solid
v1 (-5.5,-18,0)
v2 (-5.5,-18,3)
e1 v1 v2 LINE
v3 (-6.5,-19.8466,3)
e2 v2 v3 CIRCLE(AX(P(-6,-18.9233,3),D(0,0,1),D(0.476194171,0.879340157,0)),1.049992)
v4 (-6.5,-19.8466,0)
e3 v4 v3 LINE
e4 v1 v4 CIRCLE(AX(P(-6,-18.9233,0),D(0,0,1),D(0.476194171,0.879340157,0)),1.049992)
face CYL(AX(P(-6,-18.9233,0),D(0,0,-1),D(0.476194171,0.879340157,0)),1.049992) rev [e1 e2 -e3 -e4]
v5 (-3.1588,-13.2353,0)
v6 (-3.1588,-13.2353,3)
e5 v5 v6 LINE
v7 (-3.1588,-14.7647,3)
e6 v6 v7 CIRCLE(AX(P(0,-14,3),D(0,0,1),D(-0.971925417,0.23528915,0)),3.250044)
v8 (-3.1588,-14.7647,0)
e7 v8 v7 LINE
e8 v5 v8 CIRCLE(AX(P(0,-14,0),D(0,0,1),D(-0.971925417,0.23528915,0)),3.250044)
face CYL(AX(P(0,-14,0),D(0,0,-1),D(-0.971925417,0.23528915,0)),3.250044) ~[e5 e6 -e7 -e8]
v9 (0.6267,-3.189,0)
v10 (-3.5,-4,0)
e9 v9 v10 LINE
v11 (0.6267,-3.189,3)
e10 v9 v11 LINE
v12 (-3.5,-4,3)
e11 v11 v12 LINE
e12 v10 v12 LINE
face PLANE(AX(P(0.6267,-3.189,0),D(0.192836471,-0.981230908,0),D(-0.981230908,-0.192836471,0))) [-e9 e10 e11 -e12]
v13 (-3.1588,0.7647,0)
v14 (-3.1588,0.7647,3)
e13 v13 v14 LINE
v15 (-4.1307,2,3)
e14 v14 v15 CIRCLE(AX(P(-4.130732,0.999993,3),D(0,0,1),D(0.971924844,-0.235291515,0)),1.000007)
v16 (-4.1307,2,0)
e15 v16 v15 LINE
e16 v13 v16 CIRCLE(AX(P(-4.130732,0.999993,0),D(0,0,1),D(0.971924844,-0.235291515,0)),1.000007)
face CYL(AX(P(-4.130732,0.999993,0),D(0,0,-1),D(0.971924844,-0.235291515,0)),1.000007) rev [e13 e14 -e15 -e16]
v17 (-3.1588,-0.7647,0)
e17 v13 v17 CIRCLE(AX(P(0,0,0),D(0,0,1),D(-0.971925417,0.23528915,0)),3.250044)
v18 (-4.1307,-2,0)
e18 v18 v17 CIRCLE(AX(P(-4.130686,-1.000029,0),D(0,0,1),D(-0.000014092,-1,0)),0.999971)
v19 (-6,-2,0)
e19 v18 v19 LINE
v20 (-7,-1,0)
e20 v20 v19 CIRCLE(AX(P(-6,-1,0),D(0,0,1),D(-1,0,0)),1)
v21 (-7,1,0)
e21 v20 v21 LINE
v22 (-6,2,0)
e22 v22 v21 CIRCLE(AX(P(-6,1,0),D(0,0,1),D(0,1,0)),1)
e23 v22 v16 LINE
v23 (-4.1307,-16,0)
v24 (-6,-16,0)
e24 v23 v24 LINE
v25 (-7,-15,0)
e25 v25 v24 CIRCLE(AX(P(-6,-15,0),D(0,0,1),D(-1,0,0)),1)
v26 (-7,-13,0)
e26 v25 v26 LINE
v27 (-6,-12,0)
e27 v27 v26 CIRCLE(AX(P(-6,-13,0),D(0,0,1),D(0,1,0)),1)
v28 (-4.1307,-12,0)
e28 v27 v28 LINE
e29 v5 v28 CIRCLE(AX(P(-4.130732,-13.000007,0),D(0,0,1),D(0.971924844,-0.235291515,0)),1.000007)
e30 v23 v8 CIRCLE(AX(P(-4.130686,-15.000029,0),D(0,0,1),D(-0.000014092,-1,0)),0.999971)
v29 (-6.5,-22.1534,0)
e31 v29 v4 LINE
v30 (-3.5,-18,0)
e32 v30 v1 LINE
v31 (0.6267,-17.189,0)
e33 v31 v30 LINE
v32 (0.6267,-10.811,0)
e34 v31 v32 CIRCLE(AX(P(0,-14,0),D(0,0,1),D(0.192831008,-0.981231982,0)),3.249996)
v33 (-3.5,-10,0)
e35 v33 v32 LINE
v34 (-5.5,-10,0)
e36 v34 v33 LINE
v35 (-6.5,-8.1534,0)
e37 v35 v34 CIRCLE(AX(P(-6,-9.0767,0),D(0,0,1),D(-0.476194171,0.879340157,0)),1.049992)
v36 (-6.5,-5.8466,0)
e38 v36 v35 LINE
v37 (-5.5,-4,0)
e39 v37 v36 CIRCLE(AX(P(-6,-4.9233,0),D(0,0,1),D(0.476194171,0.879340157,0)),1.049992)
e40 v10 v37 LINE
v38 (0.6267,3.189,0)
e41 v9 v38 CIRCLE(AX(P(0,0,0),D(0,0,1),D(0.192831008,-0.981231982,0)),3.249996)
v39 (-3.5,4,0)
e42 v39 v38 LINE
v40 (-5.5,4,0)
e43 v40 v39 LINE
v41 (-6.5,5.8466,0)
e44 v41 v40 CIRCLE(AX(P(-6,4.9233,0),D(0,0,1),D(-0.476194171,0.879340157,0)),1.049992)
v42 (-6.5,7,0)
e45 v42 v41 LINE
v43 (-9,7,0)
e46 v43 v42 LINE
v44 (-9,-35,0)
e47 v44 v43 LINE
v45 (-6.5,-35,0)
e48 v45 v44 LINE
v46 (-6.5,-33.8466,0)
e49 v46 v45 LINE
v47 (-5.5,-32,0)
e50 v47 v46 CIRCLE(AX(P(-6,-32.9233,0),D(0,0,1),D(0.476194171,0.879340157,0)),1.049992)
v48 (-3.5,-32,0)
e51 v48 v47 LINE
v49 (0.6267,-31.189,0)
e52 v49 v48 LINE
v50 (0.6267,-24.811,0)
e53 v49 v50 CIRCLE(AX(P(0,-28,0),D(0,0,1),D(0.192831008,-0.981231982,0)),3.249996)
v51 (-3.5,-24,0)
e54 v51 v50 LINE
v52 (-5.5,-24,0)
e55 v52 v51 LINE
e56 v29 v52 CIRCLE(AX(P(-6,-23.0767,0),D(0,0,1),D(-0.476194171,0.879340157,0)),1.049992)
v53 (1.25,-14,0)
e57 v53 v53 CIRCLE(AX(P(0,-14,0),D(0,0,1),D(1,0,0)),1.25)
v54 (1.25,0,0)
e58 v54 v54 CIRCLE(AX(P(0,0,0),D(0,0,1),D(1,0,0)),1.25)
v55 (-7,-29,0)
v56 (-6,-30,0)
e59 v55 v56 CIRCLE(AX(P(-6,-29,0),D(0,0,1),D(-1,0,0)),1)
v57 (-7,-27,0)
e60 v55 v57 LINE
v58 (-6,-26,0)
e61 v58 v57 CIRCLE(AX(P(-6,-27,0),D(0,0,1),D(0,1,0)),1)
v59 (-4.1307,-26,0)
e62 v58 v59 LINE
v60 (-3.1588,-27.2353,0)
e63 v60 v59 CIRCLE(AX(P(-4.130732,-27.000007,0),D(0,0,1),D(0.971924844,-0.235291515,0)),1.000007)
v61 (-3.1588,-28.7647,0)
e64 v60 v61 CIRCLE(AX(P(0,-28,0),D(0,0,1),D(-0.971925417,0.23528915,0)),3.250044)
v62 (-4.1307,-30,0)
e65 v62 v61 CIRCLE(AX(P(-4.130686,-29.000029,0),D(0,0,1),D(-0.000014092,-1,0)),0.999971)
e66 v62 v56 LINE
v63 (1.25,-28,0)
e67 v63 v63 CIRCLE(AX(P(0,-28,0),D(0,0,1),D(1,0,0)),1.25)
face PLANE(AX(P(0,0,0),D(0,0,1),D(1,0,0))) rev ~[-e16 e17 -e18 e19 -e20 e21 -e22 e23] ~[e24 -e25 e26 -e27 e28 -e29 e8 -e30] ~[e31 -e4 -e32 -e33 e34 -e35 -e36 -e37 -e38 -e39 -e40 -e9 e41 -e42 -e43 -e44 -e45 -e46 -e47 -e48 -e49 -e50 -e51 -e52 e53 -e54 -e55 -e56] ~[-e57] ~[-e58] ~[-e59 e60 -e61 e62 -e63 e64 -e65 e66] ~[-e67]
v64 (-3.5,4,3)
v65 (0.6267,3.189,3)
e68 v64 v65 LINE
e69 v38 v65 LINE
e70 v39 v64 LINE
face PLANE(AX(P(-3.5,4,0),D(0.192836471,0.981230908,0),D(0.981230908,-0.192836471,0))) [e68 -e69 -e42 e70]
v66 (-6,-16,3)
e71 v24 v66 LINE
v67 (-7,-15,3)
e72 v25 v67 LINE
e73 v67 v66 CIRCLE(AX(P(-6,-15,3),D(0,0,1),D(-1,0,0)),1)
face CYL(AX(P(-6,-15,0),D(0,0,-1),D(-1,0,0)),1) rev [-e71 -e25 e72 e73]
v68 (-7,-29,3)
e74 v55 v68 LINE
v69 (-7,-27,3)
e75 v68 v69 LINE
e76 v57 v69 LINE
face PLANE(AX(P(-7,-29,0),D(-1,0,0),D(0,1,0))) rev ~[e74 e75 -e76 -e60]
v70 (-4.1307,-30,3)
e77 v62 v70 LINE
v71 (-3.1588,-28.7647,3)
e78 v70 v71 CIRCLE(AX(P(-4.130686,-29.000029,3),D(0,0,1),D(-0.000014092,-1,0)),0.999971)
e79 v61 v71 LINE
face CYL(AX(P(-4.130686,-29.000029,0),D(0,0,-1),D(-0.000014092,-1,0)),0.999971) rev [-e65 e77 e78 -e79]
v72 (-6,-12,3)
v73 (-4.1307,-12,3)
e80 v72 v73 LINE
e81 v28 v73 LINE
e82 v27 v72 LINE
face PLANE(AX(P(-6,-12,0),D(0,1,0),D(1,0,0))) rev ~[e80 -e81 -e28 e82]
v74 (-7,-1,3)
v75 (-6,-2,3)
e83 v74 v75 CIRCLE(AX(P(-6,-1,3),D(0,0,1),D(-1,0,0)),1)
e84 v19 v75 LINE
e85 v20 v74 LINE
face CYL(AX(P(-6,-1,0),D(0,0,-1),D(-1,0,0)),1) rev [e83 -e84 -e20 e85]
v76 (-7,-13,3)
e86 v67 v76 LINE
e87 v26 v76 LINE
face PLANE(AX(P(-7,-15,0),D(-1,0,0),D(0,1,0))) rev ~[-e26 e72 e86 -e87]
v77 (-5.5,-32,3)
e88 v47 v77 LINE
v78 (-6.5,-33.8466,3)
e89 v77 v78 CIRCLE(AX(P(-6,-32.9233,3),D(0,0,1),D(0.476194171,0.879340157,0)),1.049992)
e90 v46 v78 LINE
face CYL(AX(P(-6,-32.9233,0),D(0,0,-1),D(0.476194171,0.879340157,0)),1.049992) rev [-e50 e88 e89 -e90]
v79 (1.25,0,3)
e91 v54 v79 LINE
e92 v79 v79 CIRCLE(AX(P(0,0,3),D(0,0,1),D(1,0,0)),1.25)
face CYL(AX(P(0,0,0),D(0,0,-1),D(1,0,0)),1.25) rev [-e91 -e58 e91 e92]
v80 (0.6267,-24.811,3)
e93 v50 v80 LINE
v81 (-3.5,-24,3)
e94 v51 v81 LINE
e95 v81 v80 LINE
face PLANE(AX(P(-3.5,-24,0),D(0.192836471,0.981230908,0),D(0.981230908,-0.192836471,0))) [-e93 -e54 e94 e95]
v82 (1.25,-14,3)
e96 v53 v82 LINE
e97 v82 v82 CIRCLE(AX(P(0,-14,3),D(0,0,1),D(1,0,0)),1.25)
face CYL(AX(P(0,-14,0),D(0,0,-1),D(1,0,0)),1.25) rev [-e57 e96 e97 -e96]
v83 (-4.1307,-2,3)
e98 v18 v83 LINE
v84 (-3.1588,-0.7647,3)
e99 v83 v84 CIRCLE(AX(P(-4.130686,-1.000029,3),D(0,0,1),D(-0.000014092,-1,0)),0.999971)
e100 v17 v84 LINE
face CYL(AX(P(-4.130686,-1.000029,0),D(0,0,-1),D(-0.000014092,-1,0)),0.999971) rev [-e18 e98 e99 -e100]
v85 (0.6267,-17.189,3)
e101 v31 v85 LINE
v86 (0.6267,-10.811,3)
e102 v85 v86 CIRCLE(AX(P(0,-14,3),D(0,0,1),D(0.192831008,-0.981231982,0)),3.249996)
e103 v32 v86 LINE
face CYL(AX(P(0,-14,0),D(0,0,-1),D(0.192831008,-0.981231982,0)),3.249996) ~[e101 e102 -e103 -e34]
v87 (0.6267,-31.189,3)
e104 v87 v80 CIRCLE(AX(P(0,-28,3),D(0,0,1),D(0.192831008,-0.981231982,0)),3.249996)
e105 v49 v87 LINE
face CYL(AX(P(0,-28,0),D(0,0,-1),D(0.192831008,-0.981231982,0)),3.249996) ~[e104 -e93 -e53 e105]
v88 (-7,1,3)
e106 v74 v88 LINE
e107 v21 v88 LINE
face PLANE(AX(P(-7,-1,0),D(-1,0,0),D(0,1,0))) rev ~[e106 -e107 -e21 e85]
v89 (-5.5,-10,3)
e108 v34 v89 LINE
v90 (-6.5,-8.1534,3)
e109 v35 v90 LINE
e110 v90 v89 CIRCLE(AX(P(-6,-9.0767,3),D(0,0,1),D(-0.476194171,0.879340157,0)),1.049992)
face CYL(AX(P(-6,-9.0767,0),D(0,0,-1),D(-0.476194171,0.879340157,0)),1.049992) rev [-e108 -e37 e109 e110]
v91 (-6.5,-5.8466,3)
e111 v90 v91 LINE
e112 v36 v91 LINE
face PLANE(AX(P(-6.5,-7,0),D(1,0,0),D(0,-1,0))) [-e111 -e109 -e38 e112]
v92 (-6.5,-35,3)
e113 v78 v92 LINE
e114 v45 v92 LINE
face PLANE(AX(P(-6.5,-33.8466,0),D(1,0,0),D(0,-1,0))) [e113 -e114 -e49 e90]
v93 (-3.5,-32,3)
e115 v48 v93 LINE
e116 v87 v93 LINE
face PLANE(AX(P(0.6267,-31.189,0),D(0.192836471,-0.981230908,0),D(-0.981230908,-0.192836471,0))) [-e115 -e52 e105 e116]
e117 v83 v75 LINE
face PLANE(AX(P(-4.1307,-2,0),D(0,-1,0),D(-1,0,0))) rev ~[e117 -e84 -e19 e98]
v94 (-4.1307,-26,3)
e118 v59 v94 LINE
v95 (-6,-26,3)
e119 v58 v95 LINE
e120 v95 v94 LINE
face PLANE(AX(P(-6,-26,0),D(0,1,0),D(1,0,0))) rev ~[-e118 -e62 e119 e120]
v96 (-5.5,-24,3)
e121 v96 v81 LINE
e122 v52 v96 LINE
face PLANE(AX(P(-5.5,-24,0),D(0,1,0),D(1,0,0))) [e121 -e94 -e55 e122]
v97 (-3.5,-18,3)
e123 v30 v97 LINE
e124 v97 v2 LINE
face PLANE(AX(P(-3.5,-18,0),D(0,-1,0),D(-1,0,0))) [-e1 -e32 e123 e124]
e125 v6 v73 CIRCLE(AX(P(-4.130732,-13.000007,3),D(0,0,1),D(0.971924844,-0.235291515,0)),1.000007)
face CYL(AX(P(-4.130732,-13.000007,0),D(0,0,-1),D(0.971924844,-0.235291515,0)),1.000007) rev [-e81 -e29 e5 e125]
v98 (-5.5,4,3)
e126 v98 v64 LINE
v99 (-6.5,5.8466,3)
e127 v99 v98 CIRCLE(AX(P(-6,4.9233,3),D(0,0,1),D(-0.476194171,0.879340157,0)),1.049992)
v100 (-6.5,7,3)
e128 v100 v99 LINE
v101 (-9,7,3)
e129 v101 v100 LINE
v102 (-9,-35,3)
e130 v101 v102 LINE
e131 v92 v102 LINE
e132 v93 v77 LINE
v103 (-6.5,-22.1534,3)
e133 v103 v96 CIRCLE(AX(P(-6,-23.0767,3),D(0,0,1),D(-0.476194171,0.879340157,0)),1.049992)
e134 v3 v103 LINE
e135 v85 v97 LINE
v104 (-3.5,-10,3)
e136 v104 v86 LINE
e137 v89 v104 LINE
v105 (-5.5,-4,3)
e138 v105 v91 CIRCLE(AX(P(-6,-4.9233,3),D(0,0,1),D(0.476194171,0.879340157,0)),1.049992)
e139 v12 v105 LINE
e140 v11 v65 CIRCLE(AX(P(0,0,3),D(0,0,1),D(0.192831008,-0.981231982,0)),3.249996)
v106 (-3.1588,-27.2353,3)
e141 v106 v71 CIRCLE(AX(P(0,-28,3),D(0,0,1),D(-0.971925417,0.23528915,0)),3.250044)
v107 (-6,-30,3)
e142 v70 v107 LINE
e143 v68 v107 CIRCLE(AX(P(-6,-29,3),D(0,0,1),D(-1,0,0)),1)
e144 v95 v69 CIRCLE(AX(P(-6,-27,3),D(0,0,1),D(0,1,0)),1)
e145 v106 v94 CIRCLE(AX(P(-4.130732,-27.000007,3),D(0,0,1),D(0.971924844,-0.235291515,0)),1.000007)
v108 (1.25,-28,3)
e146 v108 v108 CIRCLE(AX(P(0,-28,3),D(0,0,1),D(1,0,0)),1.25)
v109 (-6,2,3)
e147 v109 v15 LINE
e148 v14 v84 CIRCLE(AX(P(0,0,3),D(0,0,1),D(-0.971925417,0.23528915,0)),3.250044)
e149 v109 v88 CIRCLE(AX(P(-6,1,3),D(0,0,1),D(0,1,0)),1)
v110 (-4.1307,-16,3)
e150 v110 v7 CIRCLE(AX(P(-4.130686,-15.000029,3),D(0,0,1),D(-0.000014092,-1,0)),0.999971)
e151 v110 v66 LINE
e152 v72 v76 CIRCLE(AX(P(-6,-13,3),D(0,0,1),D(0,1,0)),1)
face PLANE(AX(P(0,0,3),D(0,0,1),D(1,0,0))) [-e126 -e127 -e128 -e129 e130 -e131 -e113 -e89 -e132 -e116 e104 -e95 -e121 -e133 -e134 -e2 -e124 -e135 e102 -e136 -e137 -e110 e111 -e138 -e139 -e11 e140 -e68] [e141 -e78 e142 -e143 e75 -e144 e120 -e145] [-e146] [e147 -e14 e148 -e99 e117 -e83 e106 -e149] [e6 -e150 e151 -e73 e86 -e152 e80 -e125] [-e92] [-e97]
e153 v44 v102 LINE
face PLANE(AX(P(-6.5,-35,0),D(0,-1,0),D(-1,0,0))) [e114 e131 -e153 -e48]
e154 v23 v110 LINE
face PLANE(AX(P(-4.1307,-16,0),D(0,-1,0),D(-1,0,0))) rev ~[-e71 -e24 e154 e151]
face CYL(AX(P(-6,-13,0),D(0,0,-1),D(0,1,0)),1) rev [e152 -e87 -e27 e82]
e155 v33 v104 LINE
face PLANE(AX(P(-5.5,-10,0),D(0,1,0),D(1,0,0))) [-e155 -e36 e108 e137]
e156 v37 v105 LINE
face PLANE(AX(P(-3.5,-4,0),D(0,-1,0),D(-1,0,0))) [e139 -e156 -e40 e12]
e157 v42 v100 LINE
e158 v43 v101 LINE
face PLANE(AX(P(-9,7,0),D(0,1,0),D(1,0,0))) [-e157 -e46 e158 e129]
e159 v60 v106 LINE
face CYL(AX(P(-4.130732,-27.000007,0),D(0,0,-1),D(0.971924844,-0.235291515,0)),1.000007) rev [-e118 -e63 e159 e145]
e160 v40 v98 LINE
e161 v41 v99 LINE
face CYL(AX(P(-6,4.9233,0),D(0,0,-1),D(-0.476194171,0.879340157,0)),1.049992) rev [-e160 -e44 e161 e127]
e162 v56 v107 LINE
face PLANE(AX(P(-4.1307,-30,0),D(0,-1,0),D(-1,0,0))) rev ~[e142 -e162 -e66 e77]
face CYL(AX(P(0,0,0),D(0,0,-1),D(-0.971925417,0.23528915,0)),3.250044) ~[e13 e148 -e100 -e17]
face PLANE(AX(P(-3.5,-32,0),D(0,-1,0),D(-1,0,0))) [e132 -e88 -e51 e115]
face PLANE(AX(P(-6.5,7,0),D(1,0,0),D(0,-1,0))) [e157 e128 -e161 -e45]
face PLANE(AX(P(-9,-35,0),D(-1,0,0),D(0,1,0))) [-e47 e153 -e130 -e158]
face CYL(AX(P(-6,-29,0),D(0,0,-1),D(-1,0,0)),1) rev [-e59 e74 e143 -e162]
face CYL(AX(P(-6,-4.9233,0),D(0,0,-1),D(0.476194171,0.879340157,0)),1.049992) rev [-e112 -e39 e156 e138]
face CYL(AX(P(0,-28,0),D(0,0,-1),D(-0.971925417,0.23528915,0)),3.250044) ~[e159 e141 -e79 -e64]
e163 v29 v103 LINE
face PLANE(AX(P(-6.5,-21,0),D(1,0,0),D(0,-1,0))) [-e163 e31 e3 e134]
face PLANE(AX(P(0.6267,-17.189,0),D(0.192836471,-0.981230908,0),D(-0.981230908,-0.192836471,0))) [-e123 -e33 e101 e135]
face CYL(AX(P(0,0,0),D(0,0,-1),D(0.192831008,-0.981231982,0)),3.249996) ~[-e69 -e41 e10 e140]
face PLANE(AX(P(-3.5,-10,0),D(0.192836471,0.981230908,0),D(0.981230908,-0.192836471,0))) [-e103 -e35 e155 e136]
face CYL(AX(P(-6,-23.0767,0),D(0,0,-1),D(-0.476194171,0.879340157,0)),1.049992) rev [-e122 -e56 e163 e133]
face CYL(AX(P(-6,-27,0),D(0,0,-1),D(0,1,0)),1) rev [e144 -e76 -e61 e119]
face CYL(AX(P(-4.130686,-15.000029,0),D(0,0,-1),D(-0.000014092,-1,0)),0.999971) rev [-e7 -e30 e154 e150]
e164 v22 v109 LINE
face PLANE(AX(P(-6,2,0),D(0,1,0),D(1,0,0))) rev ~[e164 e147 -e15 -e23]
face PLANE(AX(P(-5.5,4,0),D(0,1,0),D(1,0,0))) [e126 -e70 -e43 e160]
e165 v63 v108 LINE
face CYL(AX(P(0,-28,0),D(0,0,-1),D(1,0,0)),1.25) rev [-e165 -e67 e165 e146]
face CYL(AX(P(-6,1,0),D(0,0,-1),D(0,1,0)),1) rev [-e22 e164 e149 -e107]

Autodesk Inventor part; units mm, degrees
ref_plane "YZ Plane" through (0, 0, 0) normal (1, 0, 0) x (0, 1, 0)
ref_plane "XZ Plane" through (0, 0, 0) normal (0, 1, 0) x (-1, 0, 0)
ref_plane "XY Plane" through (0, 0, 0) normal (0, 0, 1) x (1, 0, 0)
sketch "スケッチ1" plane through (0, 0, 0) normal (0, 0, 1) x (1, 0, 0)
  line L0 (-7, -29) -> (-7, -27)
  arc A0 (-6, -26) -> (-7, -27) centre (-6, -27) ccw
  line L1 (-6, -26) -> (-4.1307, -26)
  arc A1 (-3.1588, -27.2353) -> (-4.1307, -26) centre (-4.1307, -27) ccw
  arc A2 (-3.1588, -27.2353) -> (-3.1588, -28.7647) centre (0, -28) ccw
  arc A3 (-4.1307, -30) -> (-3.1588, -28.7647) centre (-4.1307, -29) ccw
  line L2 (-4.1307, -30) -> (-6, -30)
  arc A4 (-7, -29) -> (-6, -30) centre (-6, -29) ccw
  arc A5 (-6.5, -22.1534) -> (-5.5, -24) centre (-6, -23.0767) ccw
  line L3 (-6.5, -21) -> (-6.5, -22.1534)
  line L4 (-9, -21) -> (-6.5, -21)
  line L5 (-9, -35) -> (-9, -21)
  line L6 (-6.5, -35) -> (-9, -35)
  line L7 (-6.5, -33.8466) -> (-6.5, -35)
  arc A6 (-5.5, -32) -> (-6.5, -33.8466) centre (-6, -32.9233) ccw
  line L8 (-3.5, -32) -> (-5.5, -32)
  line L9 (0.6267, -31.189) -> (-3.5, -32)
  arc A7 (0.6267, -31.189) -> (0.6267, -24.811) centre (0, -28) ccw
  line L10 (-3.5, -24) -> (0.6267, -24.811)
  line L11 (-5.5, -24) -> (-3.5, -24)
  circle A8 centre (0, -28) radius 1.25
  line L12 (-7, -15) -> (-7, -13)
  arc A9 (-6, -12) -> (-7, -13) centre (-6, -13) ccw
  line L13 (-6, -12) -> (-4.1307, -12)
  arc A10 (-3.1588, -13.2353) -> (-4.1307, -12) centre (-4.1307, -13) ccw
  arc A11 (-3.1588, -13.2353) -> (-3.1588, -14.7647) centre (0, -14) ccw
  arc A12 (-4.1307, -16) -> (-3.1588, -14.7647) centre (-4.1307, -15) ccw
  line L14 (-4.1307, -16) -> (-6, -16)
  arc A13 (-7, -15) -> (-6, -16) centre (-6, -15) ccw
  arc A14 (-6.5, -8.1534) -> (-5.5, -10) centre (-6, -9.0767) ccw
  line L15 (-6.5, -7) -> (-6.5, -8.1534)
  line L16 (-9, -7) -> (-6.5, -7)
  line L17 (-9, -21) -> (-9, -7)
  line L18 (-6.5, -21) -> (-9, -21)
  line L19 (-6.5, -19.8466) -> (-6.5, -21)
  arc A15 (-5.5, -18) -> (-6.5, -19.8466) centre (-6, -18.9233) ccw
  line L20 (-3.5, -18) -> (-5.5, -18)
  line L21 (0.6267, -17.189) -> (-3.5, -18)
  arc A16 (0.6267, -17.189) -> (0.6267, -10.811) centre (0, -14) ccw
  line L22 (-3.5, -10) -> (0.6267, -10.811)
  line L23 (-5.5, -10) -> (-3.5, -10)
  circle A17 centre (0, -14) radius 1.25
  line L24 (-7, -1) -> (-7, 1)
  arc A18 (-6, 2) -> (-7, 1) centre (-6, 1) ccw
  line L25 (-6, 2) -> (-4.1307, 2)
  arc A19 (-3.1588, 0.7647) -> (-4.1307, 2) centre (-4.1307, 1) ccw
  arc A20 (-3.1588, 0.7647) -> (-3.1588, -0.7647) centre (0, 0) ccw
  arc A21 (-4.1307, -2) -> (-3.1588, -0.7647) centre (-4.1307, -1) ccw
  line L26 (-4.1307, -2) -> (-6, -2)
  arc A22 (-7, -1) -> (-6, -2) centre (-6, -1) ccw
  arc A23 (-6.5, 5.8466) -> (-5.5, 4) centre (-6, 4.9233) ccw
  line L27 (-6.5, 7) -> (-6.5, 5.8466)
  line L28 (-9, 7) -> (-6.5, 7)
  line L29 (-9, -7) -> (-9, 7)
  line L30 (-6.5, -7) -> (-9, -7)
  line L31 (-6.5, -5.8466) -> (-6.5, -7)
  arc A24 (-5.5, -4) -> (-6.5, -5.8466) centre (-6, -4.9233) ccw
  line L32 (-3.5, -4) -> (-5.5, -4)
  line L33 (0.6267, -3.189) -> (-3.5, -4)
  arc A25 (0.6267, -3.189) -> (0.6267, 3.189) centre (0, 0) ccw
  line L34 (-3.5, 4) -> (0.6267, 3.189)
  line L35 (-5.5, 4) -> (-3.5, 4)
  circle A26 centre (0, 0) radius 1.25
extrude "押し出し1" add sketch "スケッチ1" along normal blind 3
properties part number "アームユニット底板締結パーツ3t用" material "アルミニウム 2014-T4"
